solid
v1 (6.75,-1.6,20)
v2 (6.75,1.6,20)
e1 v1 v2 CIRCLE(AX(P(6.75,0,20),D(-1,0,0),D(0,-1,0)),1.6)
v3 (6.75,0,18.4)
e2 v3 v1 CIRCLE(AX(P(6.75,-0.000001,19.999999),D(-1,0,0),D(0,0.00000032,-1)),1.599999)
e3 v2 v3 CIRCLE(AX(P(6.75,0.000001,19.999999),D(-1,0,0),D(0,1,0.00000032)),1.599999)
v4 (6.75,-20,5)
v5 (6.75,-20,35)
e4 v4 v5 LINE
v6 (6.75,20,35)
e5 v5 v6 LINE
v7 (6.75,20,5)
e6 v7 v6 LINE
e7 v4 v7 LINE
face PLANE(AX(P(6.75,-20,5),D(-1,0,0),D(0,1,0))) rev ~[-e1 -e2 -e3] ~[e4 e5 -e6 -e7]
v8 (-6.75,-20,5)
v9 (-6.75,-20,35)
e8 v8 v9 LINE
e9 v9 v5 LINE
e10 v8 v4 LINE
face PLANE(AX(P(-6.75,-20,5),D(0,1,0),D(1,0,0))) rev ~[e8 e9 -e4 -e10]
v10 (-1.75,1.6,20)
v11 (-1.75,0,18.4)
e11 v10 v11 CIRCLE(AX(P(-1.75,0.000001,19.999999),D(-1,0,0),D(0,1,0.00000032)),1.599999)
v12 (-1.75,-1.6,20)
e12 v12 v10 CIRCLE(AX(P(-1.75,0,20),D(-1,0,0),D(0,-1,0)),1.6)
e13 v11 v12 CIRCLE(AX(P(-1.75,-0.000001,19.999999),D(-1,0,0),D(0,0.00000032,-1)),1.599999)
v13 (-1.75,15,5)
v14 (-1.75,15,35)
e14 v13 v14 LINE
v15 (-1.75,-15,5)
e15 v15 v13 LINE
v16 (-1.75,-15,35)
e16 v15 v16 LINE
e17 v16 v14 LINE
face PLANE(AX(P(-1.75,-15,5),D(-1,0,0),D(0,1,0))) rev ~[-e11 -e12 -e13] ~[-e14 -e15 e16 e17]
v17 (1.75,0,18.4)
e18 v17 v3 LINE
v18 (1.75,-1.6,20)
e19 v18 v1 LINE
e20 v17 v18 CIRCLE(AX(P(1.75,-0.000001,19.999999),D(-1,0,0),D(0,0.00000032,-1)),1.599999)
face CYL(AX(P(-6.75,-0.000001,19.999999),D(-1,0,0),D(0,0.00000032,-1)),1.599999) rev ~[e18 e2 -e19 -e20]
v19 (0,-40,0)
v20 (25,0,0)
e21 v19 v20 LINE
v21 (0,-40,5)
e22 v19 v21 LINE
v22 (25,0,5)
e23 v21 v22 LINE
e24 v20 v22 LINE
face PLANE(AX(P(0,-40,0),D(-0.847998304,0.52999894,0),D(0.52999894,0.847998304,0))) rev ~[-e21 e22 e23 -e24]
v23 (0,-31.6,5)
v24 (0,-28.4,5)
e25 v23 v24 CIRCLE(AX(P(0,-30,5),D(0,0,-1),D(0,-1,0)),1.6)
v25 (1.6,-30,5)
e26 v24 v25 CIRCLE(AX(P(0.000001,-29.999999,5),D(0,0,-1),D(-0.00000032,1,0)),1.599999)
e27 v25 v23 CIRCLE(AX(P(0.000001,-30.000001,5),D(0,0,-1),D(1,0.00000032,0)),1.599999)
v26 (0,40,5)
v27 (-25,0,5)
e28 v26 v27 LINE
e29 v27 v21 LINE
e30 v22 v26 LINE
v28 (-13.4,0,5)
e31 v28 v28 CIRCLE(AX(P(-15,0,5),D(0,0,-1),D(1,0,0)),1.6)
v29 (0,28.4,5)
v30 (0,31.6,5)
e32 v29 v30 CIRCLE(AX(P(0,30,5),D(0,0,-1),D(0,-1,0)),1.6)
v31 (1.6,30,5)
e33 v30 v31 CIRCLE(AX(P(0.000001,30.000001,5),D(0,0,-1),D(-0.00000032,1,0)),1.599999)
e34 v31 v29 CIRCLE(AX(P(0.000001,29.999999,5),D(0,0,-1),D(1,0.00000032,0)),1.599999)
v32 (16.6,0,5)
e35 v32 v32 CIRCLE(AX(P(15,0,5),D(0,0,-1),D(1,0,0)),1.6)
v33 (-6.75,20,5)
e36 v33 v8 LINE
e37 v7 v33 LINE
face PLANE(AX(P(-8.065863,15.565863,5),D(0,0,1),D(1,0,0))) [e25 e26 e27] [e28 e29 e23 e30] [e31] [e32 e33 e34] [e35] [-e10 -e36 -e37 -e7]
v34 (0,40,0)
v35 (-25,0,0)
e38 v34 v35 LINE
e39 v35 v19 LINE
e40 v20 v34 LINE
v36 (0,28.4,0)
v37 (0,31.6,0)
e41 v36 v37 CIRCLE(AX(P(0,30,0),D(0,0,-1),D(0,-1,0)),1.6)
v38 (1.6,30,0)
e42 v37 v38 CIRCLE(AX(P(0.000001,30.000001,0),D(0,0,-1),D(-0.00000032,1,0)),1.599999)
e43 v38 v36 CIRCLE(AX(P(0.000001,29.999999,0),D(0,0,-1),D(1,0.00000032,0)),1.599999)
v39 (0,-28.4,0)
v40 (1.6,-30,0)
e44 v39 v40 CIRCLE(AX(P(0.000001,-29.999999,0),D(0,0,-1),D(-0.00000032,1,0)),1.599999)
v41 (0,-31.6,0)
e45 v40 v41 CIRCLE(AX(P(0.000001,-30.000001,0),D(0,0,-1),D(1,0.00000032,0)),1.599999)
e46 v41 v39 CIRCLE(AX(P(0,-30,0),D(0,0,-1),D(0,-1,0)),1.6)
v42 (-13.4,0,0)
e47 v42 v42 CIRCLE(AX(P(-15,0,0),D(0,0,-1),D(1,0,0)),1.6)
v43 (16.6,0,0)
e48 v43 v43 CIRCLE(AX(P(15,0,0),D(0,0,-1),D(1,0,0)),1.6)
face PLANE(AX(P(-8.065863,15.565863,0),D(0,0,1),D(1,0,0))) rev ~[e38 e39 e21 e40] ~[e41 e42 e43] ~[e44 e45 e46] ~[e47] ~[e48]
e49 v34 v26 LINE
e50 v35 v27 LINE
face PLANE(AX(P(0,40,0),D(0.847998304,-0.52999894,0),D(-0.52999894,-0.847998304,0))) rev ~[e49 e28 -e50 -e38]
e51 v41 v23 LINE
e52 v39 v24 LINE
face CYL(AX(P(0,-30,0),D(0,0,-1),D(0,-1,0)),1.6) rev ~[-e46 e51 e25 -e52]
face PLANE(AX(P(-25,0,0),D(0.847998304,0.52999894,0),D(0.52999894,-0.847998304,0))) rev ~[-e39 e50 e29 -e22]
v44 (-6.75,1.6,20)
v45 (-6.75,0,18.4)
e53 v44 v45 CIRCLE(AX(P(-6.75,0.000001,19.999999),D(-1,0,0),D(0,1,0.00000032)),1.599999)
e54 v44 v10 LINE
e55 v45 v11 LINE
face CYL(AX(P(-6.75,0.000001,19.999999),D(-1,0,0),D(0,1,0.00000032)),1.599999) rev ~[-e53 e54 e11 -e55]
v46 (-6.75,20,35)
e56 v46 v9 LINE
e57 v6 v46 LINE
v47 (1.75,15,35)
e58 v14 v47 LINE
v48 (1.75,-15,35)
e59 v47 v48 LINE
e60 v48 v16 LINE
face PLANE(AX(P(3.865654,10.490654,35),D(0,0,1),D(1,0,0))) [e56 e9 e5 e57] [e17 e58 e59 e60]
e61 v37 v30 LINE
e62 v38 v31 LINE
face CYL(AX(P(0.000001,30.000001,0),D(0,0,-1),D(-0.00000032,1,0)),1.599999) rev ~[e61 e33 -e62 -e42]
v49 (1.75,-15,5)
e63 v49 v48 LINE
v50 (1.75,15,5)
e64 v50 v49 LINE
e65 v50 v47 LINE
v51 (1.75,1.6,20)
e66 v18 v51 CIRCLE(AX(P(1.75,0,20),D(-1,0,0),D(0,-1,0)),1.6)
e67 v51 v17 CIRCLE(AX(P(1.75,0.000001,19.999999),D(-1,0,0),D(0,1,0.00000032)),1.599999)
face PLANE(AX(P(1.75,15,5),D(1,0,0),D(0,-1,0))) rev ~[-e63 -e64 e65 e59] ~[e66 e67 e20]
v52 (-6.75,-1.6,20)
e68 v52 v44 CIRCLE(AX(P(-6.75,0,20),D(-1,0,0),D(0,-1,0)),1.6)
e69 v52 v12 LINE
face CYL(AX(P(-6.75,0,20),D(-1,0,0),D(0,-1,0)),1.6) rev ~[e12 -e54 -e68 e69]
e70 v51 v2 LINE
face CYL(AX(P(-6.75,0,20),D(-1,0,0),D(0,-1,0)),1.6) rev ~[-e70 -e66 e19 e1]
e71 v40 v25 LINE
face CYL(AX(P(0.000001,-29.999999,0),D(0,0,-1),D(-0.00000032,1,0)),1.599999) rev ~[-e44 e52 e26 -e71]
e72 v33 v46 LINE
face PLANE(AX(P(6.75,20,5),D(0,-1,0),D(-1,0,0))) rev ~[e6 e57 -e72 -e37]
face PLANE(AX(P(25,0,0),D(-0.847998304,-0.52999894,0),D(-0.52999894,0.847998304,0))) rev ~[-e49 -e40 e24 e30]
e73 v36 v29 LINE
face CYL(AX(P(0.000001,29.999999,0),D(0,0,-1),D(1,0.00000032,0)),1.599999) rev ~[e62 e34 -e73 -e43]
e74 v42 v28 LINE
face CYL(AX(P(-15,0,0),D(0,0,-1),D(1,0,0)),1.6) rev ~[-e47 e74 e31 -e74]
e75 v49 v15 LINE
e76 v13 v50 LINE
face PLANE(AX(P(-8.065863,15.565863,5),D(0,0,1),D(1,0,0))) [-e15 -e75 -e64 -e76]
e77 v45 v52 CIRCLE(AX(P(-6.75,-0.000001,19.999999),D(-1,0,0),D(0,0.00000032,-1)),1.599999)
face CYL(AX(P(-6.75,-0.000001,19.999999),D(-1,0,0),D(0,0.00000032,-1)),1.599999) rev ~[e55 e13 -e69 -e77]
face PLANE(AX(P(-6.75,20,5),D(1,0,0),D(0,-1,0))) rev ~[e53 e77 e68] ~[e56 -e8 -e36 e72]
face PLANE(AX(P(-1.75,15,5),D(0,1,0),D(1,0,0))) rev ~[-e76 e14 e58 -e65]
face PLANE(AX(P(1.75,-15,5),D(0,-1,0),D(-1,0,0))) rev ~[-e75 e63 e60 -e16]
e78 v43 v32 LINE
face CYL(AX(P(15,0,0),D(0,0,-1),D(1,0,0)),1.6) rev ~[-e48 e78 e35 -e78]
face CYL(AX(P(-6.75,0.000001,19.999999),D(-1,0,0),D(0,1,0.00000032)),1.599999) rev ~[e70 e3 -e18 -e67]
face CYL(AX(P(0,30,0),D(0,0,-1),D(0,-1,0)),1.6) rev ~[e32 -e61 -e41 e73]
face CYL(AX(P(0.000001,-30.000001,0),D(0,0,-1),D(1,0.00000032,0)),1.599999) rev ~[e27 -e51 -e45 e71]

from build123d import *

# Parameters (mm, degrees)
F1_DEPTH = 5
F3_DEPTH = 30
F5_DEPTH = 31.751


with BuildPart() as f1:
    # F0 (on Top) → F1 (new body)
    with BuildSketch(Plane.XY):
        with BuildLine():
            ThreePointArc((-16.6, 0), (-15, 1.6), (-13.4, 0))
            Line((-13.4, 0), (0, 0))
            Line((0, 0), (0, 28.4))
            ThreePointArc((0, 28.4), (-1.6, 30), (0, 31.6))
            Line((0, 31.6), (0, 40))
            Line((0, 40), (-25, 0))
            Line((-25, 0), (-16.6, 0))
        make_face()
        with BuildLine():
            Line((0, 0), (-13.4, 0))
            ThreePointArc((-13.4, 0), (-15, -1.6), (-16.6, 0))
            Line((-16.6, 0), (-25, 0))
            Line((-25, 0), (0, -40))
            Line((0, -40), (0, -31.6))
            ThreePointArc((0, -31.6), (-1.6, -30), (0, -28.4))
            Line((0, -28.4), (0, 0))
        make_face()
        with BuildLine():
            Line((0, 28.4), (0, 0))
            Line((0, 0), (13.4, 0))
            ThreePointArc((13.4, 0), (15, 1.6), (16.6, 0))
            Line((16.6, 0), (25, 0))
            Line((25, 0), (0, 40))
            Line((0, 40), (0, 31.6))
            ThreePointArc((0, 31.6), (1.131371, 31.131371), (1.6, 30))
            ThreePointArc((1.6, 30), (1.131371, 28.868629), (0, 28.4))
        make_face()
        with BuildLine():
            Line((13.4, 0), (0, 0))
            Line((0, 0), (0, -28.4))
            ThreePointArc((0, -28.4), (1.131371, -28.868629), (1.6, -30))
            ThreePointArc((1.6, -30), (1.131371, -31.131371), (0, -31.6))
            Line((0, -31.6), (0, -40))
            Line((0, -40), (25, 0))
            Line((25, 0), (16.6, 0))
            ThreePointArc((16.6, 0), (15, -1.6), (13.4, 0))
        make_face()
    extrude(amount=F1_DEPTH)

    # F2 (on face) → F3 (join)
    with BuildSketch(Plane.XY.offset(5)):
        Polygon((6.75, 20), (0, 20), (0, 15), (1.75, 15), (1.75, 0), (6.75, 0), align=None)
        Polygon((0, 15), (0, 20), (-6.75, 20), (-6.75, 0), (-1.75, 0), (-1.75, 15), align=None)
        Polygon((6.75, -20), (6.75, 0), (1.75, 0), (1.75, -15), (0, -15), (0, -20), align=None)
        Polygon((-1.75, 0), (-6.75, 0), (-6.75, -20), (0, -20), (0, -15), (-1.75, -15), align=None)
    extrude(amount=F3_DEPTH)

    # F4 (on face) → F5 (cut, through all)
    with BuildSketch(Plane(origin=(-6.75, 0, 0), x_dir=(0, -1, 0), z_dir=(-1, 0, 0))):
        with BuildLine():
            ThreePointArc((-1.6, 20), (-1.131371, 18.868629), (0, 18.4))
            Line((0, 18.4), (0, 20))
            Line((0, 20), (-1.6, 20))
        make_face()
        with BuildLine():
            Line((0, 20), (0, 18.4))
            ThreePointArc((0, 18.4), (1.131371, 18.868629), (1.6, 20))
            ThreePointArc((1.6, 20), (0, 21.6), (-1.6, 20))
            Line((-1.6, 20), (0, 20))
        make_face()
    extrude(amount=-F5_DEPTH, mode=Mode.SUBTRACT)


solid = f1.part
